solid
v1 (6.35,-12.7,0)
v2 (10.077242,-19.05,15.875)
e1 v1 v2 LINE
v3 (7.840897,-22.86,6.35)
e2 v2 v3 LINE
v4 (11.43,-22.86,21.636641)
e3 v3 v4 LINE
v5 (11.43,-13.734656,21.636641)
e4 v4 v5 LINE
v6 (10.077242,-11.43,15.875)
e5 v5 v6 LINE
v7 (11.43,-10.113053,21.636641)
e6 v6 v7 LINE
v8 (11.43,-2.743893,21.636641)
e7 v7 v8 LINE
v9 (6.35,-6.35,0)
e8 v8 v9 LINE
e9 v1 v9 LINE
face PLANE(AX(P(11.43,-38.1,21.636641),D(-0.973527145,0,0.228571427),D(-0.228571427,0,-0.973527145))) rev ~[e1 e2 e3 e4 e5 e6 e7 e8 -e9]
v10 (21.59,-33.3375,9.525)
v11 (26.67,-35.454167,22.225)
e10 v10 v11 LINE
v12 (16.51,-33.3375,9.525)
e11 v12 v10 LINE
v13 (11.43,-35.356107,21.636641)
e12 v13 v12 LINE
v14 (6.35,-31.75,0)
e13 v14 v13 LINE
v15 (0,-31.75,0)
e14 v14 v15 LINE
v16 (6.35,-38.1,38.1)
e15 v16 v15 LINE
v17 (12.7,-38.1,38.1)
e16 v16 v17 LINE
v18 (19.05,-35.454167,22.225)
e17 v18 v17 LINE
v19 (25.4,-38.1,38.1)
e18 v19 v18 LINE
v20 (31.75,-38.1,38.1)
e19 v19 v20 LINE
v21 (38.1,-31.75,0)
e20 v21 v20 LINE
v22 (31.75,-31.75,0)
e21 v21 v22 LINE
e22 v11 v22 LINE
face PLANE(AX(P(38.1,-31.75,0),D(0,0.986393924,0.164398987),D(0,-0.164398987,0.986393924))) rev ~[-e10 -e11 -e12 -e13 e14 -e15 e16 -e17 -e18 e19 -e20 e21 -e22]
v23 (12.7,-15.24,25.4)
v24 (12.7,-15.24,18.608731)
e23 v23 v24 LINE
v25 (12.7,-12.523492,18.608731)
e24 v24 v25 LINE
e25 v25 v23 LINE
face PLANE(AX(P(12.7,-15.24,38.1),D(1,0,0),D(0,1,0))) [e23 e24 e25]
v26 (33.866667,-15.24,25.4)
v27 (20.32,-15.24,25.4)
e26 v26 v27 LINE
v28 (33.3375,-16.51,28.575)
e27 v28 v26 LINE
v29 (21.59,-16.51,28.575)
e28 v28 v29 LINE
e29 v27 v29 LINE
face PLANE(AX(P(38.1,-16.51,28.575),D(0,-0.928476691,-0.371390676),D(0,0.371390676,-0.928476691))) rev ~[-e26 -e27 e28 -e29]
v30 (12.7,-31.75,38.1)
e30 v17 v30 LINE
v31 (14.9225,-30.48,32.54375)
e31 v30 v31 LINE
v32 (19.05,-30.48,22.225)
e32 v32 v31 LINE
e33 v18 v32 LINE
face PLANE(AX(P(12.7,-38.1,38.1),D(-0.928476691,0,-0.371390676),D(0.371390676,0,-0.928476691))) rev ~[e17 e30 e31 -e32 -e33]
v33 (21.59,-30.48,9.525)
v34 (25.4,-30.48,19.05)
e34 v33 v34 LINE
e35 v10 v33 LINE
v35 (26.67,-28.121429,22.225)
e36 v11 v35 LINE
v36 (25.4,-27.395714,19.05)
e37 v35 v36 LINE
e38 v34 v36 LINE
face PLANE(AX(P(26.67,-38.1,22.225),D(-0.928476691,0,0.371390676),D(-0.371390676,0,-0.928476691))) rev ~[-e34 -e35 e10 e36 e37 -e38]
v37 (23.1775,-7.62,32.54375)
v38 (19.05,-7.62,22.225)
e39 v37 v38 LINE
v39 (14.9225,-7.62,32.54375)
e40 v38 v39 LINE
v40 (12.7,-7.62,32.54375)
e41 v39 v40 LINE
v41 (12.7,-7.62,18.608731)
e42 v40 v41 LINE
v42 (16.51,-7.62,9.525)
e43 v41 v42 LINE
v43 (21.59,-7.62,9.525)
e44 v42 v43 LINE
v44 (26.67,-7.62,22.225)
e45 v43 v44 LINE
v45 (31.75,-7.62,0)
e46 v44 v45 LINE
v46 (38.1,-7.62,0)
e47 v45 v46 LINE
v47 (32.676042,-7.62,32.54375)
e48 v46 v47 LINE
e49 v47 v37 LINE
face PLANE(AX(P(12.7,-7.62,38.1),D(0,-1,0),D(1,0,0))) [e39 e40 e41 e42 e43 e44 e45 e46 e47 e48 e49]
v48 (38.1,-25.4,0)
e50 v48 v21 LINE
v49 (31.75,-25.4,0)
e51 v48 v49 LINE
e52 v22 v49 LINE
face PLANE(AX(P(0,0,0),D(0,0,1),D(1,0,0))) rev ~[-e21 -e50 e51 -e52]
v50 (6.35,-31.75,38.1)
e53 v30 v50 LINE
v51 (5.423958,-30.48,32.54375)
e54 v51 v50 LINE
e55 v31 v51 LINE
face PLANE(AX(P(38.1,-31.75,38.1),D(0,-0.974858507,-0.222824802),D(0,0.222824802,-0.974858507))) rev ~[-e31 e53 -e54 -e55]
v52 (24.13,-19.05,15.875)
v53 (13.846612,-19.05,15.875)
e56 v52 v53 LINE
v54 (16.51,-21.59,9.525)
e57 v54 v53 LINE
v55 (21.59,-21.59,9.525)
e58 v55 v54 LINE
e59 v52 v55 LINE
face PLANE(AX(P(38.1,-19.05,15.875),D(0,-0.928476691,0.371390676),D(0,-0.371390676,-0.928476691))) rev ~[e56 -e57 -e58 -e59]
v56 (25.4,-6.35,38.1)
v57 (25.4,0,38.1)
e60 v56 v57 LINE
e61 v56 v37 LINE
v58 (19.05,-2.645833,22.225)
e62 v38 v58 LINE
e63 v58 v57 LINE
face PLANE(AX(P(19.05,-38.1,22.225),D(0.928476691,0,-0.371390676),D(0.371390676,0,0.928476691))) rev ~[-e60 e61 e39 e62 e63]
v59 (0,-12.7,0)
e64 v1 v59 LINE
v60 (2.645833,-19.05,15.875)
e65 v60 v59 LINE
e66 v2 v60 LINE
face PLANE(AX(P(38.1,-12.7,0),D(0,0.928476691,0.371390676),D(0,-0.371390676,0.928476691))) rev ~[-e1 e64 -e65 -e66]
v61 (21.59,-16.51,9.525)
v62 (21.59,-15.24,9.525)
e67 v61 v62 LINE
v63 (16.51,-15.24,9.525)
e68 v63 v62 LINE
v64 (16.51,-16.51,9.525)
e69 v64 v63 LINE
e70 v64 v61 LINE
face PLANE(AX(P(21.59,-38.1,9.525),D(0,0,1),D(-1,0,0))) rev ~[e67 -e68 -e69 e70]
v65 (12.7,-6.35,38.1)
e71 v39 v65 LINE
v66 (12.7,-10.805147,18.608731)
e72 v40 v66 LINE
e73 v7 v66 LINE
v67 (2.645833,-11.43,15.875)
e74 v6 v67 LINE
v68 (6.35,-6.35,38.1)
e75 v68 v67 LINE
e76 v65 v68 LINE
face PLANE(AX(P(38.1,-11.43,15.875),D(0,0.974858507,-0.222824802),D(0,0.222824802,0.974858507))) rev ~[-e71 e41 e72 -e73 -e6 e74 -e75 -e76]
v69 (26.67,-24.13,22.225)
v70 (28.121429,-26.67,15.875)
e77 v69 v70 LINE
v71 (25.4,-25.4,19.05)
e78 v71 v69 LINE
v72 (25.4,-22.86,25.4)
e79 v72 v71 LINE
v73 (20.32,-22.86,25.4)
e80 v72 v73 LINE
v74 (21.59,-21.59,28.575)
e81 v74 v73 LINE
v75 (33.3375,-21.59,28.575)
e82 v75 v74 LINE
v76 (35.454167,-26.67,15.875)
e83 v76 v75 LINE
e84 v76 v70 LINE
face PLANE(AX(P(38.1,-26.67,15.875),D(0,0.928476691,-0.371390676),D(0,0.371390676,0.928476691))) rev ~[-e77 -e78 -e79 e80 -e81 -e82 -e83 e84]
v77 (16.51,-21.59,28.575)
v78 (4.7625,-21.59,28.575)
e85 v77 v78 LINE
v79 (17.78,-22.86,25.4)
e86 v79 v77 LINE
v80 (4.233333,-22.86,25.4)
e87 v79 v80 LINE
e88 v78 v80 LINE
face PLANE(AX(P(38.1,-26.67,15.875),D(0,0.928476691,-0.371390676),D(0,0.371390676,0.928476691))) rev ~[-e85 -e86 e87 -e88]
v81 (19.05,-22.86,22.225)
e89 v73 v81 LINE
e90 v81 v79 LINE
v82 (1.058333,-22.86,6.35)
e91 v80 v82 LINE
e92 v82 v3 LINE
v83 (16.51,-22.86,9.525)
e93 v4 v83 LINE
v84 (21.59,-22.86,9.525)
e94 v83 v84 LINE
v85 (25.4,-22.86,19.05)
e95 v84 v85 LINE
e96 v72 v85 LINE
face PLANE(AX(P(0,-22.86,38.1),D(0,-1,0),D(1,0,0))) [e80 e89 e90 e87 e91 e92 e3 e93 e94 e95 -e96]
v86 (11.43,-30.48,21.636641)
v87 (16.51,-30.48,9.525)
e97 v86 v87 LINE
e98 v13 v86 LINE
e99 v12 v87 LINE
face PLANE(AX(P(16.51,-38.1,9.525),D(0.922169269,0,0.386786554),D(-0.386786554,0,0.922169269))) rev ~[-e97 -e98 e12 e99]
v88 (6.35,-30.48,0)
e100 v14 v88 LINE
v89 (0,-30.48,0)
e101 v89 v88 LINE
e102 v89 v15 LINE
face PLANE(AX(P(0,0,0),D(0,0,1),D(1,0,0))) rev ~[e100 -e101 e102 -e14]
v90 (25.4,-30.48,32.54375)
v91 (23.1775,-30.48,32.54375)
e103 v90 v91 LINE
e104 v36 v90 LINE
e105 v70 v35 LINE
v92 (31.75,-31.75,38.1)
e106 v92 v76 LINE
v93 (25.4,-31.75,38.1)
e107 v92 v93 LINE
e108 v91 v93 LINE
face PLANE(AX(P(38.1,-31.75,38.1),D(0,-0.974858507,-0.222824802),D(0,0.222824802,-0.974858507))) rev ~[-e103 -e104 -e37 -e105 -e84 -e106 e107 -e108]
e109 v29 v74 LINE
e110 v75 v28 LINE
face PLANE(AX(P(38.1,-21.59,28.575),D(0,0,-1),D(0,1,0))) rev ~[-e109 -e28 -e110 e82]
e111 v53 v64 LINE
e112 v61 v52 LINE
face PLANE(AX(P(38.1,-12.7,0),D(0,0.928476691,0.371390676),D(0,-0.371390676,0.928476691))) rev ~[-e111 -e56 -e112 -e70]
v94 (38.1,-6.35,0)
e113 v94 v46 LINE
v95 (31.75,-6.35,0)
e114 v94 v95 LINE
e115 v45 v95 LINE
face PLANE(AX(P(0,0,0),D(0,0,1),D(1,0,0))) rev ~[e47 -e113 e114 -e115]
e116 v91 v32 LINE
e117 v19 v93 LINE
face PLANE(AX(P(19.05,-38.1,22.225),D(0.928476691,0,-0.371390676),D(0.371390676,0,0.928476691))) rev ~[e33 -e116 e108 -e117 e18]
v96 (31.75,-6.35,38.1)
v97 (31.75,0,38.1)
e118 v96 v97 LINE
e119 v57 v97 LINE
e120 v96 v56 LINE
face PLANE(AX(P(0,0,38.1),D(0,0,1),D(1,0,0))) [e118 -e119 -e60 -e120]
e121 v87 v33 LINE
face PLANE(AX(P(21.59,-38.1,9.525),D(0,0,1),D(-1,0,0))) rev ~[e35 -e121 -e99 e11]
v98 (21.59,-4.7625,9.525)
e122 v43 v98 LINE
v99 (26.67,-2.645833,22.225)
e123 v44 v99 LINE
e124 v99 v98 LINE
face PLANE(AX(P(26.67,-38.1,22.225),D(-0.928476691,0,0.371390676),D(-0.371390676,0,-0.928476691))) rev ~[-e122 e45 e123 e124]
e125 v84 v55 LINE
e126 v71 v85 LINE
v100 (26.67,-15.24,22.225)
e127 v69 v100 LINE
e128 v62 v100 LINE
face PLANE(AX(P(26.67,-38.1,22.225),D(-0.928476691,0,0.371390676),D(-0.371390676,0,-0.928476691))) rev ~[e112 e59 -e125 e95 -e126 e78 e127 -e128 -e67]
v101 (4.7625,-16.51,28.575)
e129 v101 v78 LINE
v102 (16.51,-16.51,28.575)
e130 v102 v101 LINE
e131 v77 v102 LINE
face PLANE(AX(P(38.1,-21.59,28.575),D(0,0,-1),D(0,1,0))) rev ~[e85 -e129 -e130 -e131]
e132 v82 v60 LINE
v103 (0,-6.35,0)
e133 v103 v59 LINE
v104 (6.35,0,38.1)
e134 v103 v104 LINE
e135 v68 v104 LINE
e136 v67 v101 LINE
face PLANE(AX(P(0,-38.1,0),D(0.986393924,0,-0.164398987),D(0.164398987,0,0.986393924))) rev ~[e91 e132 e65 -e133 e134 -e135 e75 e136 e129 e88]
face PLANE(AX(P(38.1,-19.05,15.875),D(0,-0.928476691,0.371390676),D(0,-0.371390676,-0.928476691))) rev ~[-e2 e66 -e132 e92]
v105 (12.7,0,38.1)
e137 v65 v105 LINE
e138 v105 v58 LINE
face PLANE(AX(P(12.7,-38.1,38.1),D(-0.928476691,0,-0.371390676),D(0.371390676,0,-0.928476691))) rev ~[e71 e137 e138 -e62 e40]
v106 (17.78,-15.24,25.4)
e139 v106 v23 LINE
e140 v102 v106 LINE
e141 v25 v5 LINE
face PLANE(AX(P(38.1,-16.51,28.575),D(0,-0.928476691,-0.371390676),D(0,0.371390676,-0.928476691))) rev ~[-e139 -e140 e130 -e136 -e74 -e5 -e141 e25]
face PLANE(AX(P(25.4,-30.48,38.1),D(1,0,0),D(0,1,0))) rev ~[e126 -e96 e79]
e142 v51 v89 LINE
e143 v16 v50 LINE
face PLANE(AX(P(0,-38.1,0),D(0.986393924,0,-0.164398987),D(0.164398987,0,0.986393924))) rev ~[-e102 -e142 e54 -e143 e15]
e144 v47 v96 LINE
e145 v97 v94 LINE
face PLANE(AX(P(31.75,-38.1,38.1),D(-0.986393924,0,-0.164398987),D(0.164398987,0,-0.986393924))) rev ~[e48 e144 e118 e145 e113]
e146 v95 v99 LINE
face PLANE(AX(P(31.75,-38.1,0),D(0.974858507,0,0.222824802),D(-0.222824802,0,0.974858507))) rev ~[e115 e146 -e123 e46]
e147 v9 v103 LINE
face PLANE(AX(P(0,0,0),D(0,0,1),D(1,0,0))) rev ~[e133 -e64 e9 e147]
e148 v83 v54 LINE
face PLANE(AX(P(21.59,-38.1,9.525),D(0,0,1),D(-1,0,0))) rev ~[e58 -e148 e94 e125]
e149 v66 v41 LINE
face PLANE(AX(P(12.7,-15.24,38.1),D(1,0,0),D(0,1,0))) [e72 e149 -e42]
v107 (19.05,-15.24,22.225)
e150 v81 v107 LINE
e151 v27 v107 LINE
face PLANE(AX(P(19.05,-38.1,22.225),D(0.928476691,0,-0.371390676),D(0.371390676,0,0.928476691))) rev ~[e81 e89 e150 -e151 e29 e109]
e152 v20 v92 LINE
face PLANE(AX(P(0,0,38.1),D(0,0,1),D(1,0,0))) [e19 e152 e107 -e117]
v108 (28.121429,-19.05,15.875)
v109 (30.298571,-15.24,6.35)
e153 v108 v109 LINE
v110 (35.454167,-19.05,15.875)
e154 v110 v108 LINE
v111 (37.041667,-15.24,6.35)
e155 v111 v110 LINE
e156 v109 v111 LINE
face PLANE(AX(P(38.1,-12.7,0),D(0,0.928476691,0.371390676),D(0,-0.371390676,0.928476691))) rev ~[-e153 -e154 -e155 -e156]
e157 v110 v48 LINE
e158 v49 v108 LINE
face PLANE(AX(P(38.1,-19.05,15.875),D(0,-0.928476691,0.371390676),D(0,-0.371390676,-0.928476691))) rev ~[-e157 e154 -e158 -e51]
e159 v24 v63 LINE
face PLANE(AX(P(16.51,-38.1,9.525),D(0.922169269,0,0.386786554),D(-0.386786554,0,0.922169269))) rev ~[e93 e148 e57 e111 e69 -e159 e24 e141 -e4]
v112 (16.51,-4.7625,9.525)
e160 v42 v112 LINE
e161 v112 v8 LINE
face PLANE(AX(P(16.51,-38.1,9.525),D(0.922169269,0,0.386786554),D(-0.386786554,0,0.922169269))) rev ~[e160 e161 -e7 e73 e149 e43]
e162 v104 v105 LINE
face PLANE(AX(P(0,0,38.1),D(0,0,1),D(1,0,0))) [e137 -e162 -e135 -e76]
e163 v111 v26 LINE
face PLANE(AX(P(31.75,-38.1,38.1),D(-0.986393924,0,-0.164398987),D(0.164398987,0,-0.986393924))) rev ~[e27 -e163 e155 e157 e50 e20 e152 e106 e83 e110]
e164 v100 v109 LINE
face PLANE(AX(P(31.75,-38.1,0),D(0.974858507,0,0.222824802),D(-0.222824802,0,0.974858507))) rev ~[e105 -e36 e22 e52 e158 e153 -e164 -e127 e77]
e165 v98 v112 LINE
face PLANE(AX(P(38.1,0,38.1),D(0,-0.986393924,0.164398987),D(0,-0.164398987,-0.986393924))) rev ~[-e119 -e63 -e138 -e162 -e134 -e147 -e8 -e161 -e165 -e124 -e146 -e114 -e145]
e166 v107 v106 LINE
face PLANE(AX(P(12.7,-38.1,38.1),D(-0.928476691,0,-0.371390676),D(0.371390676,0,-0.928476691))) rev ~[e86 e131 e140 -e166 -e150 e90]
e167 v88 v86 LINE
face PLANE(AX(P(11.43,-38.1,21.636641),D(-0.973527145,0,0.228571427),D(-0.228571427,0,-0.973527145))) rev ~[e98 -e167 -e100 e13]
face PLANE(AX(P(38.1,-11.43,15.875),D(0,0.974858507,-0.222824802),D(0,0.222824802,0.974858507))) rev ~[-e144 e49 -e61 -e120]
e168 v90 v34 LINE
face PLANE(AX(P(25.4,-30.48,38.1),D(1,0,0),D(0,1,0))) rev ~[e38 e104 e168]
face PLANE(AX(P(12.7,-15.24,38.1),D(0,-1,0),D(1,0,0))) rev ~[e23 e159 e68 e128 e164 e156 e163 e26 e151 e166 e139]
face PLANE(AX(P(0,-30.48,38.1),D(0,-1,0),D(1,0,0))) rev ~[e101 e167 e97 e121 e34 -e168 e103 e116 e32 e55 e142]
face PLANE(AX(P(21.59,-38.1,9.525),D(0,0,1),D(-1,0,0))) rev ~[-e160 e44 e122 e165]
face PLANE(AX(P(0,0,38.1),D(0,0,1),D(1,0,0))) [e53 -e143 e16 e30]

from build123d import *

# Parameters (mm, degrees)
F0_W      = 38.1
F0_H      = 38.1
F1_DEPTH  = 38.1
F6_DEPTH  = 38.1
F8_DEPTH  = 38.1
F9_W      = 25.4
F9_H      = 7.62
F10_DEPTH = 38.1


with BuildPart() as f1:
    # F0 (on Front) → F1 (new body)
    with BuildSketch(Plane.XZ):
        with Locations((19.05, 19.05)):
            Rectangle(F0_W, F0_H)
    extrude(amount=F1_DEPTH)

    # F5 (on offset) → F6 (cut)
    with BuildSketch(Plane.YZ.offset(38.1)):
        Polygon((-6.35, 38.1), (-31.75, 38.1), (-26.67, 15.875), (-21.59, 28.575), (-16.51, 28.575), (-11.43, 15.875), align=None)
        Polygon((-19.05, 15.875), (-25.4, 0), (-12.7, 0), align=None)
        Polygon((-31.75, 0), (-38.1, 38.1), (-38.1, 0), align=None)
        Polygon((0, 0), (0, 38.1), (-6.35, 0), align=None)
    extrude(amount=-F6_DEPTH, mode=Mode.SUBTRACT)

    # F7 (on offset) → F8 (cut)
    with BuildSketch(Plane.XZ.offset(38.1)):
        Polygon((0, 38.1), (0, 0), (6.35, 38.1), align=None)
        Polygon((25.4, 38.1), (12.7, 38.1), (19.05, 22.225), align=None)
        Polygon((31.75, 38.1), (38.1, 0), (38.1, 38.1), align=None)
        Polygon((11.43, 21.636641), (6.35, 0), (31.75, 0), (26.67, 22.225), (21.59, 9.525), (16.51, 9.525), align=None)
    extrude(amount=-F8_DEPTH, mode=Mode.SUBTRACT)

    # F9 (on offset) → F10 (cut)
    with BuildSketch(Plane.XY.offset(38.1)):
        with Locations((25.4, -11.43)):
            Rectangle(F9_W, F9_H)
        with Locations((12.7, -26.67)):
            Rectangle(F9_W, F9_H)
    extrude(amount=-F10_DEPTH, mode=Mode.SUBTRACT)


solid = f1.part
